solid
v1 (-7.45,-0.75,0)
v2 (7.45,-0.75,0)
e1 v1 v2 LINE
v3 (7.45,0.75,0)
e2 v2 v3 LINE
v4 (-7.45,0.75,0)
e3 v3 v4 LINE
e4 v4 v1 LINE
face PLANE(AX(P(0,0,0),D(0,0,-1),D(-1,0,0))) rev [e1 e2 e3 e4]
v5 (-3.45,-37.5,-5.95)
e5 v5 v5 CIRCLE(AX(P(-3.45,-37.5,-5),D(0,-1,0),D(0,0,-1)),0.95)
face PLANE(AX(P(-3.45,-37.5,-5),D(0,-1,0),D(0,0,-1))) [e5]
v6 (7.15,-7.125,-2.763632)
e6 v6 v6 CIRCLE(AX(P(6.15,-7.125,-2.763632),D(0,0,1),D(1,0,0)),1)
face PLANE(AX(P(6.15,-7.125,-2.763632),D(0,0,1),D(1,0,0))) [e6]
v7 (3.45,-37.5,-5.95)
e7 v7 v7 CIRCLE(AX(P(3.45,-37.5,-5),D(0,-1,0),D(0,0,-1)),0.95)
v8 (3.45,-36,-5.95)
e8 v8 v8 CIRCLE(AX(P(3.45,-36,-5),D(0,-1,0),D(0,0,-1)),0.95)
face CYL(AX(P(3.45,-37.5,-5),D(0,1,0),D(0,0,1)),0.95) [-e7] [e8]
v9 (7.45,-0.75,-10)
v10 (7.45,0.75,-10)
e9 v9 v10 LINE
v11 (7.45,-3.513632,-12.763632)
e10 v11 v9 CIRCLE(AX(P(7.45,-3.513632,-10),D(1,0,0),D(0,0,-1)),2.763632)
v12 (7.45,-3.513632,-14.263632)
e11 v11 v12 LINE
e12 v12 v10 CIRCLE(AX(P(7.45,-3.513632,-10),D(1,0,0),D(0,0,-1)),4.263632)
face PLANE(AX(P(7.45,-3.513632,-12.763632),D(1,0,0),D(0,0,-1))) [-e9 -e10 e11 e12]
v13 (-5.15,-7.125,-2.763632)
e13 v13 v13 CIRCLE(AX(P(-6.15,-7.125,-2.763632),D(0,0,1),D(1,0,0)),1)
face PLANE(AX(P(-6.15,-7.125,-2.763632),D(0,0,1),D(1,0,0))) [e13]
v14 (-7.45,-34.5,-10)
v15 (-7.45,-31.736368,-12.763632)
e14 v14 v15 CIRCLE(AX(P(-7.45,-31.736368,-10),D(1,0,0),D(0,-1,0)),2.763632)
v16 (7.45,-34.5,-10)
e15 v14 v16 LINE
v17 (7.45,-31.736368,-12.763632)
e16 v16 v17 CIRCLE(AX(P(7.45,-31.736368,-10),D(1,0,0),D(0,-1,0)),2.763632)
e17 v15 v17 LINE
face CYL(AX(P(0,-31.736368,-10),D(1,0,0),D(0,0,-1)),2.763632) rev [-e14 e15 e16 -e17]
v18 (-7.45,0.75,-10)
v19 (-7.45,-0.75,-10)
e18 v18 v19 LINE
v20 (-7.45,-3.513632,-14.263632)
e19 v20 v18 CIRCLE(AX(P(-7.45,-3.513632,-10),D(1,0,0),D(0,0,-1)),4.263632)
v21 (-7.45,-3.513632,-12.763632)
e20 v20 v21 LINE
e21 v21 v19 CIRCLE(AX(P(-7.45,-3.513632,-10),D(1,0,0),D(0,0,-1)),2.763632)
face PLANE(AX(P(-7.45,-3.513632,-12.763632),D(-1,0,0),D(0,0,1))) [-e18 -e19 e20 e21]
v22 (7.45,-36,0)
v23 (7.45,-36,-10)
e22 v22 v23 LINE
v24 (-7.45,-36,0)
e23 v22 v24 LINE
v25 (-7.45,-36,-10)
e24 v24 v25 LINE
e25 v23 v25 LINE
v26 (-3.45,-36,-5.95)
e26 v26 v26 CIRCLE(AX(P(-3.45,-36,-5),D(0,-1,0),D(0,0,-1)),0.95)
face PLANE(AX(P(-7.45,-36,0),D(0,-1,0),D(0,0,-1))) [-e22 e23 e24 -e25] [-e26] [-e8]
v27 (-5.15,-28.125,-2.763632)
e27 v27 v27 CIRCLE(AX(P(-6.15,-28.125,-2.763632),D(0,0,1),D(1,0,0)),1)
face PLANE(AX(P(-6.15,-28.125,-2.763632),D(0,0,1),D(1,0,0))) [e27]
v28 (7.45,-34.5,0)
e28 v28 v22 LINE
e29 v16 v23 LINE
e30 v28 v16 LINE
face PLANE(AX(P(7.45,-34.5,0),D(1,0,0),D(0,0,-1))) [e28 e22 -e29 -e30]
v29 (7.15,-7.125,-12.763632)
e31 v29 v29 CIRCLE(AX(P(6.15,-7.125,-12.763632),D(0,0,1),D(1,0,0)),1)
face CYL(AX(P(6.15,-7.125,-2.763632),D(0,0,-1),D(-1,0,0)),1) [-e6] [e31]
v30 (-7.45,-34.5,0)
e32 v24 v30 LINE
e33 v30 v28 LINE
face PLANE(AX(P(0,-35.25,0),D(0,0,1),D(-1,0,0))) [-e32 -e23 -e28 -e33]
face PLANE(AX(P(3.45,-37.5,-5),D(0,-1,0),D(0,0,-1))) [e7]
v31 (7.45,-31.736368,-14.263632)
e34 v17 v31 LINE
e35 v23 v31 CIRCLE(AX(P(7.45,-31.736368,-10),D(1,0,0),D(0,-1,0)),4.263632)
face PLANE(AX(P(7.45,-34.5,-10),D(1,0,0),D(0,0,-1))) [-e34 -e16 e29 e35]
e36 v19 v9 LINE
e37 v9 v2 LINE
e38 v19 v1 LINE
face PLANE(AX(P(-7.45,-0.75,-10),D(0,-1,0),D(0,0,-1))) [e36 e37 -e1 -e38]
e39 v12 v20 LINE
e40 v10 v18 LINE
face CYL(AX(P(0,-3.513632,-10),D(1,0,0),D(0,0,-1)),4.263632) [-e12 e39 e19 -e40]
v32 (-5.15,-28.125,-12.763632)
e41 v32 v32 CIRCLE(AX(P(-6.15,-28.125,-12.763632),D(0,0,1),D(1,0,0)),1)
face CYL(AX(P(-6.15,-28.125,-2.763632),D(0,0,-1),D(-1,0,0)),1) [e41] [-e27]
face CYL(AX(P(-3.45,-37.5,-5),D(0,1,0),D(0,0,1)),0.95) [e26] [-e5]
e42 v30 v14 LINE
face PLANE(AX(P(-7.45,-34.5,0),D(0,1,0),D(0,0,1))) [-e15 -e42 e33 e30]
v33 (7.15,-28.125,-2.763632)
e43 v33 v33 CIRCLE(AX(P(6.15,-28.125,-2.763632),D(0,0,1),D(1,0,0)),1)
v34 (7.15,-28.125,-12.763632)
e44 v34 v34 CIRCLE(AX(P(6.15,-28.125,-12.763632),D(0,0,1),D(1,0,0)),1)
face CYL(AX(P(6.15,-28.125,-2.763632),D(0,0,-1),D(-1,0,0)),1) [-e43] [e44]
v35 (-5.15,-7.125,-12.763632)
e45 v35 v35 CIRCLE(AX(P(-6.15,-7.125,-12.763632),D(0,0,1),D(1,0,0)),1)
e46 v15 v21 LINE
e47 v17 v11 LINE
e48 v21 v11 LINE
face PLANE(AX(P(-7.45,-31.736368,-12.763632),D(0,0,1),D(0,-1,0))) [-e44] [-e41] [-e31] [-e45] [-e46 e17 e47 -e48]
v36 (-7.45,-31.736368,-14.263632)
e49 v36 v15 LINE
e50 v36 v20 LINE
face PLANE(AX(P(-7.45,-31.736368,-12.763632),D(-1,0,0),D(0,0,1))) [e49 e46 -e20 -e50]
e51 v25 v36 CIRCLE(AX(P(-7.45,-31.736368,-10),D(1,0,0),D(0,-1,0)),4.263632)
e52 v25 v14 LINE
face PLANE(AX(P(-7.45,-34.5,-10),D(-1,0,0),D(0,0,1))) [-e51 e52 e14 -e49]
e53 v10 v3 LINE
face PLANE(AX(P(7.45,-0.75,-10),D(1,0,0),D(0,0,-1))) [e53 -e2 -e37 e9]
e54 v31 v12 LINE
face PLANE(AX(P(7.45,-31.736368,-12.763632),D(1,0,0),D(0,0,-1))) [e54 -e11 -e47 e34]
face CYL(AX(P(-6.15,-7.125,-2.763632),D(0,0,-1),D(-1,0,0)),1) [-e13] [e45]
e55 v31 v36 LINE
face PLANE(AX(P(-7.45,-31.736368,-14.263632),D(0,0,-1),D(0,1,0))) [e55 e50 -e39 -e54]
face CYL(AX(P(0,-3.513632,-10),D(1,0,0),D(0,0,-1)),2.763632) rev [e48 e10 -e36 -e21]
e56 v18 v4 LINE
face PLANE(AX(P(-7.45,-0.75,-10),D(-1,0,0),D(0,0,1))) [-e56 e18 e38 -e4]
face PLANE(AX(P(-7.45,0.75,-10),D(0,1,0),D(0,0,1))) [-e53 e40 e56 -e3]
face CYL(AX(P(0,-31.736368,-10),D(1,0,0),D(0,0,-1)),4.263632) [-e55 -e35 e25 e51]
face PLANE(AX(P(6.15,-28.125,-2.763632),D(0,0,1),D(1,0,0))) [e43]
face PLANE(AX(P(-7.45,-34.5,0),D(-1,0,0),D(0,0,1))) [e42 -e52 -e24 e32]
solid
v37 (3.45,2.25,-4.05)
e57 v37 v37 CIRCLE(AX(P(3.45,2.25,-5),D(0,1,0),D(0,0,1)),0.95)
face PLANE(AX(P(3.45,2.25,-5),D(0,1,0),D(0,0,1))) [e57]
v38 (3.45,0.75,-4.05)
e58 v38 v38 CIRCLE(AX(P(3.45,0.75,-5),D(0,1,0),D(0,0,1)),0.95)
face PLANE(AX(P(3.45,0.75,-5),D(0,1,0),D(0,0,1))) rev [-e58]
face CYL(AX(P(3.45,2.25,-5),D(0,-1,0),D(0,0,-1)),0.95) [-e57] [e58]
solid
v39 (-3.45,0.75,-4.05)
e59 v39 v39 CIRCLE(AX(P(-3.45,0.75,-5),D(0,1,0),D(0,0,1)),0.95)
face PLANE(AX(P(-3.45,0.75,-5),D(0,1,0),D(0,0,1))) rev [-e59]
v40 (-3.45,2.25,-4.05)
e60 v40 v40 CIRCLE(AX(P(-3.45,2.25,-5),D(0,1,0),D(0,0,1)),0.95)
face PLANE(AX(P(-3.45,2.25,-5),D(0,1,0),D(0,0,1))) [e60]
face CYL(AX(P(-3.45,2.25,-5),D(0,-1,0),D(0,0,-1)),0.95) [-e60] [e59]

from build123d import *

# Parameters (mm, degrees)
SKETCH_1_W        = 14.9
SKETCH_1_H        = 1.5
EXTRUDE_START     = 0.75
SKETCH_8_R        = 0.95
EXTRUDE_1_DEPTH   = 1.5
EXTRUDE_1_2_DEPTH = 1.5
EXTRUDE_START_2   = -1.5
SKETCH_10_R       = 0.95
EXTRUDE_2_DEPTH   = 1.5
SKETCH_12_R       = 1
EXTRUDE_3_DEPTH   = 10


with BuildPart() as part:
    # 扫描5: sweep along a path in 草图6
    with BuildLine(Plane(origin=(0, 0, 0), x_dir=(0, 0, -1), z_dir=(1, 0, 0))) as sweep_5_path:
        Line((0, 0), (10, 0))
        ThreePointArc((10, 0), (12.484512752, -1.029118878), (13.51363163, -3.51363163))
        Line((13.51363163, -3.51363163), (13.51363163, -31.73636837))
        ThreePointArc((13.51363163, -31.73636837), (12.484512752, -34.220881122), (10, -35.25))
        Line((10, -35.25), (0, -35.25))
    # 草图1 → 扫描5 (sweep)
    with BuildSketch(Plane.XY):
        Rectangle(SKETCH_1_W, SKETCH_1_H)
    sweep(path=sweep_5_path.line)

    # 草图10 → 凸台-拉伸2 (add)
    with BuildSketch(Plane(origin=(0, -34.5, 0), x_dir=(1, 0, 0), z_dir=(0, 1, 0)).offset(EXTRUDE_START_2)):
        with Locations(Location((-3.45, 5, 0), (0, 0, 270))):  # turned: the seam where the file's is
            Circle(SKETCH_10_R)
        with Locations(Location((3.45, 5, 0), (0, 0, 270))):  # turned: the seam where the file's is
            Circle(SKETCH_10_R)
    extrude(amount=-EXTRUDE_2_DEPTH)

    # 草图12 → 凸台-拉伸3 (add)
    with BuildSketch(Plane.XY.offset(-12.76363163)):
        with Locations((-6.15, -28.125)):
            Circle(SKETCH_12_R)
        with Locations((-6.15, -7.125)):
            Circle(SKETCH_12_R)
        with Locations((6.15, -7.125)):
            Circle(SKETCH_12_R)
        with Locations((6.15, -28.125)):
            Circle(SKETCH_12_R)
    extrude(amount=EXTRUDE_3_DEPTH)


with BuildPart() as body_2:
    # 草图8 → 凸台-拉伸1 (new body)
    with BuildSketch(Plane(origin=(0, 0, 0), x_dir=(1, 0, 0), z_dir=(0, 1, 0)).offset(EXTRUDE_START)):
        with Locations(Location((-3.45, 5, 0), (0, 0, 270))):  # turned: the seam where the file's is
            Circle(SKETCH_8_R)
    extrude(amount=EXTRUDE_1_DEPTH)


with BuildPart() as body_3:
    # 草图8 → Extrude 1 2 (new body)
    with BuildSketch(Plane(origin=(0, 0, 0), x_dir=(1, 0, 0), z_dir=(0, 1, 0)).offset(EXTRUDE_START)):
        with Locations(Location((3.45, 5, 0), (0, 0, 270))):  # turned: the seam where the file's is
            Circle(SKETCH_8_R)
    extrude(amount=EXTRUDE_1_2_DEPTH)


solid = Compound([part.part, body_2.part, body_3.part])
